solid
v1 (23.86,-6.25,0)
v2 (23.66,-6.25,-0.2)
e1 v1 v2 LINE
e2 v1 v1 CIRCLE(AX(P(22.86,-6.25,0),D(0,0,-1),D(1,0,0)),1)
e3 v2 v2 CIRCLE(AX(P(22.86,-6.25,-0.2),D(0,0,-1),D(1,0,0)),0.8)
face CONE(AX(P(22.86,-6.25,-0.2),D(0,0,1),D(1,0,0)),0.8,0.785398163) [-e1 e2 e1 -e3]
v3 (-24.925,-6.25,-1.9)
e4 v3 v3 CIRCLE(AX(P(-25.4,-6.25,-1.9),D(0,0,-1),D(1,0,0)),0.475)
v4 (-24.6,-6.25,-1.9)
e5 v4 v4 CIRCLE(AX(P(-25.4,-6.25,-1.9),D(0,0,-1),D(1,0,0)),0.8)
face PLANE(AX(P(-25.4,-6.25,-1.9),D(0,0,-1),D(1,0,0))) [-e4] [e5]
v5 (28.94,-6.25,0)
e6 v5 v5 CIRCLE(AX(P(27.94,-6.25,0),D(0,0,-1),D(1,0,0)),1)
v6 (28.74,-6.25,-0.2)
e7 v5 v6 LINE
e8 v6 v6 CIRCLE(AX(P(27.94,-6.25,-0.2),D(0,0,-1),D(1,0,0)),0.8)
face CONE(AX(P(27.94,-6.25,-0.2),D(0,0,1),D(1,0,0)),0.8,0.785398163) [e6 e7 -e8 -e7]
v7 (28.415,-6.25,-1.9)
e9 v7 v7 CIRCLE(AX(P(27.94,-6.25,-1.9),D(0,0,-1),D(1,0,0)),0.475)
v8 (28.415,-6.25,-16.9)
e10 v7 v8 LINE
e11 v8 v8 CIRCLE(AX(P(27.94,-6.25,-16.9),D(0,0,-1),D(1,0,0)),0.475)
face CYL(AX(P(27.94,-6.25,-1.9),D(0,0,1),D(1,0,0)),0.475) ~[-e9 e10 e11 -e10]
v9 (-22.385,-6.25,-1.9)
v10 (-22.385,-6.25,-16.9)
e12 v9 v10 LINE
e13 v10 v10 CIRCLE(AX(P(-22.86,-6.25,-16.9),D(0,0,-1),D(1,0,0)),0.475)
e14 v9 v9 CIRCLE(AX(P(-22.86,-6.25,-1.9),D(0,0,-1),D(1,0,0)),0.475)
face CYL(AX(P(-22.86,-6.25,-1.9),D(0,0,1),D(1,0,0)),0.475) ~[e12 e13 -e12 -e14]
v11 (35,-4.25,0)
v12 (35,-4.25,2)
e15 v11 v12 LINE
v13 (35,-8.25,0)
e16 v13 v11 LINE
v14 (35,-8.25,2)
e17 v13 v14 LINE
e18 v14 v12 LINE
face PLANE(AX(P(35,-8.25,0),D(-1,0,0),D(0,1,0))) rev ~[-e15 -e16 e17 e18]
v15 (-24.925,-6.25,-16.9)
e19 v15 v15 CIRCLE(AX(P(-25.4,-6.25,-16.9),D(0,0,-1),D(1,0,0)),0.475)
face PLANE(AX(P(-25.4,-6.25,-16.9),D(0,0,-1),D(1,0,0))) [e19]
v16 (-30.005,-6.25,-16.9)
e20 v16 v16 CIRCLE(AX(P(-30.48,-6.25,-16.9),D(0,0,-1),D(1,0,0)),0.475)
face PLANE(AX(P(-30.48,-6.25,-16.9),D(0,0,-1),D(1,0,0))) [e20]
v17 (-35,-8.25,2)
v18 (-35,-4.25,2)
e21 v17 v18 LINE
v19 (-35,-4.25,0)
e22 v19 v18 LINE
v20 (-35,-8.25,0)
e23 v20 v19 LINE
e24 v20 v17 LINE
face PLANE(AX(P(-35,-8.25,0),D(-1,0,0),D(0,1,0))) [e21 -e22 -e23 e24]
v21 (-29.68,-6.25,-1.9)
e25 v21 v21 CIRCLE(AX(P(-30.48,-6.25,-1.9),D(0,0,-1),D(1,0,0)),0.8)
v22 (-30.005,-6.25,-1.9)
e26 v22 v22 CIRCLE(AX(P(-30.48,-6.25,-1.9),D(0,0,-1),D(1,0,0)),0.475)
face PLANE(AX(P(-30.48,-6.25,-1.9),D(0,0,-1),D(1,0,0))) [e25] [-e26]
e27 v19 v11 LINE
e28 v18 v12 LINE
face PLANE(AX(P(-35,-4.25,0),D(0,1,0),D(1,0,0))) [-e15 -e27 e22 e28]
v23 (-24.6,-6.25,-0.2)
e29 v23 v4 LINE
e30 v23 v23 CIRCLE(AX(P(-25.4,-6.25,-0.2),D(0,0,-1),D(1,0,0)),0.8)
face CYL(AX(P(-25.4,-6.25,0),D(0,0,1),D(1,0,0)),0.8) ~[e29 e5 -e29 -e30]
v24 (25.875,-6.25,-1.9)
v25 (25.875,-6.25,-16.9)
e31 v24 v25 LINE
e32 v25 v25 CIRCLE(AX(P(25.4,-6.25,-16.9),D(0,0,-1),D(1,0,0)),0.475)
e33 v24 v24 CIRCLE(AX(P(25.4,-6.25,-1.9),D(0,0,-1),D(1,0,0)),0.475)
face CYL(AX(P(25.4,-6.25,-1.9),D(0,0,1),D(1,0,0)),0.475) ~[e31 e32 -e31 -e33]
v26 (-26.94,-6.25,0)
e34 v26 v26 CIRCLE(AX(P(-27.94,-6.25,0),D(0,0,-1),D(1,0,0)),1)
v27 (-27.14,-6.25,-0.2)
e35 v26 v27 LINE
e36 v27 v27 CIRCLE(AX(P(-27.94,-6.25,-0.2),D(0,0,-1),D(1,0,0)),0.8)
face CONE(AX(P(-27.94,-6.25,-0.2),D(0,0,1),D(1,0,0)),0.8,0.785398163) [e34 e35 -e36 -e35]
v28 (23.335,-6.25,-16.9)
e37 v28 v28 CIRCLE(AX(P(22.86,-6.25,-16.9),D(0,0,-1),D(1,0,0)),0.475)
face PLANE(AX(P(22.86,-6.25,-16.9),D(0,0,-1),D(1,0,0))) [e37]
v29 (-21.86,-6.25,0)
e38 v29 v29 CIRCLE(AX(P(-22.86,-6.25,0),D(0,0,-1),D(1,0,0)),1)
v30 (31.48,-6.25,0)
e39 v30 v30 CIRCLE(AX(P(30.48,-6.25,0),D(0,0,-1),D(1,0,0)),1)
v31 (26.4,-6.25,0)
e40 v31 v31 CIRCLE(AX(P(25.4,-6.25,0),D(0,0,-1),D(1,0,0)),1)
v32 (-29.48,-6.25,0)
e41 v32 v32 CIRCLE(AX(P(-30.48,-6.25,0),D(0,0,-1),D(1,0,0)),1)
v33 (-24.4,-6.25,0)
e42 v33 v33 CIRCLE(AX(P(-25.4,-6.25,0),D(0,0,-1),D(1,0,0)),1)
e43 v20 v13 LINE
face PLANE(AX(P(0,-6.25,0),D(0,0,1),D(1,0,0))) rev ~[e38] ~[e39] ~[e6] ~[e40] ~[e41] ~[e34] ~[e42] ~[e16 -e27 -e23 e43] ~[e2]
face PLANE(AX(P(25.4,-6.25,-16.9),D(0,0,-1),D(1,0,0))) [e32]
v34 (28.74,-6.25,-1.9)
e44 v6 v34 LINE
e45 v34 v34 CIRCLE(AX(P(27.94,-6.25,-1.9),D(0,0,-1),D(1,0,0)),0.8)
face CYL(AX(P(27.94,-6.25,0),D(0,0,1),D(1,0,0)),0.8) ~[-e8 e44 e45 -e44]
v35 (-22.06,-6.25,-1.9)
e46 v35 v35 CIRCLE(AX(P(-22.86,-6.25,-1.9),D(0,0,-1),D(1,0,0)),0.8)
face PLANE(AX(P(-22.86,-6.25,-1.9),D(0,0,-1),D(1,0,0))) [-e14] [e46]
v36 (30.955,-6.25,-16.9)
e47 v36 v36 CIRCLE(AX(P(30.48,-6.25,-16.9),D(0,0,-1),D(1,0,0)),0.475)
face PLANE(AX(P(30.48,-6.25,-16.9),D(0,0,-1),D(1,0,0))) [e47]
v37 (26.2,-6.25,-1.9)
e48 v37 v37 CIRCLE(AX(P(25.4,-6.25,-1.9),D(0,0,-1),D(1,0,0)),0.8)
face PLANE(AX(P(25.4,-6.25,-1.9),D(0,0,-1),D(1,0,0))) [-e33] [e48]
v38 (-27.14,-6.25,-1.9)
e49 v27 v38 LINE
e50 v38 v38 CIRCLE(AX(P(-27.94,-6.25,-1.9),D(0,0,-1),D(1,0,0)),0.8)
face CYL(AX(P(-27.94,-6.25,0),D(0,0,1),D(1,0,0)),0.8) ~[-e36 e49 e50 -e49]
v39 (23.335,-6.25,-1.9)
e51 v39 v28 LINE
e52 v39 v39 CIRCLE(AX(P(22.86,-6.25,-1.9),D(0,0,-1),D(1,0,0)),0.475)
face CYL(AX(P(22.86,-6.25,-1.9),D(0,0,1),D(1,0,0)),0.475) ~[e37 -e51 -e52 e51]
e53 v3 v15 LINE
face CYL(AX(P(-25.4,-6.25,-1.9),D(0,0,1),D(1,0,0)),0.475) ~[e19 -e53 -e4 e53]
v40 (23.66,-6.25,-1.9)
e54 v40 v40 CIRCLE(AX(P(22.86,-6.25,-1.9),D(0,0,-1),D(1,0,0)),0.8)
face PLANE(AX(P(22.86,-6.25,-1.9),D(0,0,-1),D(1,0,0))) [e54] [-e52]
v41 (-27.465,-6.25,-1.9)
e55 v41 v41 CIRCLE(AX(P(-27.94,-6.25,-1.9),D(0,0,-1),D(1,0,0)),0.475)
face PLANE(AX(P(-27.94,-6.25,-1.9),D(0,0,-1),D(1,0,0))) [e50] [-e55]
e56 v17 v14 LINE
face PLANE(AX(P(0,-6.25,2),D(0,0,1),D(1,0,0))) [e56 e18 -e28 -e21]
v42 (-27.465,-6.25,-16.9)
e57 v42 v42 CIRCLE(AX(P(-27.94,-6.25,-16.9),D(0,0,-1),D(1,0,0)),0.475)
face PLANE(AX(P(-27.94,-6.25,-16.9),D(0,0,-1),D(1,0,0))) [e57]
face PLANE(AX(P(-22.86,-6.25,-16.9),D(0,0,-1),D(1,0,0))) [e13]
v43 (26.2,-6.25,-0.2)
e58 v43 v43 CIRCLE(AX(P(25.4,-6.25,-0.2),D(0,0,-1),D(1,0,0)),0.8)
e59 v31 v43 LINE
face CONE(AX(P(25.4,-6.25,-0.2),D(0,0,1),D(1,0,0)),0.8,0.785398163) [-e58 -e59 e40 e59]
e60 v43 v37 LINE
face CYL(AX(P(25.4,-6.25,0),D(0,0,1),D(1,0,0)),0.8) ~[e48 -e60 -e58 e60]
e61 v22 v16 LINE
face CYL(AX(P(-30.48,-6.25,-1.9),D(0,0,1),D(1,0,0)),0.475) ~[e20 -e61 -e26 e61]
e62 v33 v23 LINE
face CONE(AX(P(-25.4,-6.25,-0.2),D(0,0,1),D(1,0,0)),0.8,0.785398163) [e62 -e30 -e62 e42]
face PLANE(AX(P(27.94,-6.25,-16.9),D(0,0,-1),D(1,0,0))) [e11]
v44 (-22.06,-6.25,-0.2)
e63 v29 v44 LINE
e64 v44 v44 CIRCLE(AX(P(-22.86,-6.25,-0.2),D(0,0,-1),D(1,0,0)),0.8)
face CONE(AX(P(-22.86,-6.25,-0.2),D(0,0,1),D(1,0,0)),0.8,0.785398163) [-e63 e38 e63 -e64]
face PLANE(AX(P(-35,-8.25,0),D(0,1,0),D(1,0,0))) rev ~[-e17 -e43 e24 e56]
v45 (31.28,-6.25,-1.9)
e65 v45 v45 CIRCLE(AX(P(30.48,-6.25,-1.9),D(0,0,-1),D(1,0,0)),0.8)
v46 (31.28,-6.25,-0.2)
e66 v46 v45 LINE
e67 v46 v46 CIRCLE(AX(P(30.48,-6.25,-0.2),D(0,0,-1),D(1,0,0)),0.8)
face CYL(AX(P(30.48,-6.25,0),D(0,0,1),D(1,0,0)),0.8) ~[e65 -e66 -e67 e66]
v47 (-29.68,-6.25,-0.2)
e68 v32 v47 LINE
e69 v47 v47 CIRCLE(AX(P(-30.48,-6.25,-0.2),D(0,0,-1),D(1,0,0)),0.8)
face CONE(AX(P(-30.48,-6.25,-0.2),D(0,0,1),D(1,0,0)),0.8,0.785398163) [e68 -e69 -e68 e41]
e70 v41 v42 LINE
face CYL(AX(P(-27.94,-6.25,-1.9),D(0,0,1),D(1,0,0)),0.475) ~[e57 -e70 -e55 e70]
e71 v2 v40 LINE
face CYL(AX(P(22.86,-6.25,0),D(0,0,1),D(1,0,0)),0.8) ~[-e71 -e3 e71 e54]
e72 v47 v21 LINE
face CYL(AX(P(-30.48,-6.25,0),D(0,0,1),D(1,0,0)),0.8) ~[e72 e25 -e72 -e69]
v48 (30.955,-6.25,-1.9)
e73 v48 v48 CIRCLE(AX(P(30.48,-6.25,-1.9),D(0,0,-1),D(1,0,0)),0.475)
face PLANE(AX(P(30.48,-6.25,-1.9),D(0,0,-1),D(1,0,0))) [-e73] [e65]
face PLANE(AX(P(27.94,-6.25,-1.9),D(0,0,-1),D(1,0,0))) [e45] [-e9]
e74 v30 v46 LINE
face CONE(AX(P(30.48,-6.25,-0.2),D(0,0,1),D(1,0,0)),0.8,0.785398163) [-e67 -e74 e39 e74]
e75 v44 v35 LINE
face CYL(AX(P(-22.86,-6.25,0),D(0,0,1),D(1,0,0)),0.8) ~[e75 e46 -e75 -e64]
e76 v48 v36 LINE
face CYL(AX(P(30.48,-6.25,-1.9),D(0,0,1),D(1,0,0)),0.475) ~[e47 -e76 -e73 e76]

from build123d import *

# Parameters (mm, degrees)
SKETCH_W     = 70
SKETCH_H     = 4
PAD_DEPTH    = 2
SKETCH001_R  = 0.8
PAD001_DEPTH = 1.9
SKETCH002_R  = 0.475
PAD002_DEPTH = 15
CHAMFER_SIZE = 0.2


with BuildPart() as part:
    # Sketch → Pad (new body)
    with BuildSketch(Plane.XY):
        with Locations((0, -6.25)):
            Rectangle(SKETCH_W, SKETCH_H)
    extrude(amount=PAD_DEPTH)

    # Sketch001 (on Face5 of Pad) → Pad001 (join)
    with BuildSketch(Plane(origin=(0, 0, 0), x_dir=(1, 0, 0), z_dir=(0, 0, -1))):
        with Locations((-30.48, 6.25)):
            Circle(SKETCH001_R)
        with Locations((-22.86, 6.25)):
            Circle(SKETCH001_R)
        with Locations((-25.4, 6.25)):
            Circle(SKETCH001_R)
        with Locations((-27.94, 6.25)):
            Circle(SKETCH001_R)
        with Locations((22.86, 6.25)):
            Circle(SKETCH001_R)
        with Locations((25.4, 6.25)):
            Circle(SKETCH001_R)
        with Locations((27.94, 6.25)):
            Circle(SKETCH001_R)
        with Locations((30.48, 6.25)):
            Circle(SKETCH001_R)
    extrude(amount=PAD001_DEPTH)

    # Sketch002 (on Face17 of Pad001) → Pad002 (join)
    with BuildSketch(Plane(origin=(0, 0, -1.9), x_dir=(1, 0, 0), z_dir=(0, 0, -1))):
        with Locations((-30.48, 6.25)):
            Circle(SKETCH002_R)
        with Locations((-27.94, 6.25)):
            Circle(SKETCH002_R)
        with Locations((-25.4, 6.25)):
            Circle(SKETCH002_R)
        with Locations((-22.86, 6.25)):
            Circle(SKETCH002_R)
        with Locations((22.86, 6.25)):
            Circle(SKETCH002_R)
        with Locations((27.94, 6.25)):
            Circle(SKETCH002_R)
        with Locations((25.4, 6.25)):
            Circle(SKETCH002_R)
        with Locations((30.48, 6.25)):
            Circle(SKETCH002_R)
    extrude(amount=PAD002_DEPTH)

    # Chamfer
    chamfer_edges = [part.edges().sort_by_distance(p)[0] for p in [
        (-23.66, -6.25, 0),
        (-26.2, -6.25, 0),
        (-28.74, -6.25, 0),
        (-31.28, -6.25, 0),
        (22.06, -6.25, 0),
        (27.14, -6.25, 0),
        (24.6, -6.25, 0),
        (29.68, -6.25, 0),
    ]]
    chamfer(chamfer_edges, length=CHAMFER_SIZE)


solid = part.part
